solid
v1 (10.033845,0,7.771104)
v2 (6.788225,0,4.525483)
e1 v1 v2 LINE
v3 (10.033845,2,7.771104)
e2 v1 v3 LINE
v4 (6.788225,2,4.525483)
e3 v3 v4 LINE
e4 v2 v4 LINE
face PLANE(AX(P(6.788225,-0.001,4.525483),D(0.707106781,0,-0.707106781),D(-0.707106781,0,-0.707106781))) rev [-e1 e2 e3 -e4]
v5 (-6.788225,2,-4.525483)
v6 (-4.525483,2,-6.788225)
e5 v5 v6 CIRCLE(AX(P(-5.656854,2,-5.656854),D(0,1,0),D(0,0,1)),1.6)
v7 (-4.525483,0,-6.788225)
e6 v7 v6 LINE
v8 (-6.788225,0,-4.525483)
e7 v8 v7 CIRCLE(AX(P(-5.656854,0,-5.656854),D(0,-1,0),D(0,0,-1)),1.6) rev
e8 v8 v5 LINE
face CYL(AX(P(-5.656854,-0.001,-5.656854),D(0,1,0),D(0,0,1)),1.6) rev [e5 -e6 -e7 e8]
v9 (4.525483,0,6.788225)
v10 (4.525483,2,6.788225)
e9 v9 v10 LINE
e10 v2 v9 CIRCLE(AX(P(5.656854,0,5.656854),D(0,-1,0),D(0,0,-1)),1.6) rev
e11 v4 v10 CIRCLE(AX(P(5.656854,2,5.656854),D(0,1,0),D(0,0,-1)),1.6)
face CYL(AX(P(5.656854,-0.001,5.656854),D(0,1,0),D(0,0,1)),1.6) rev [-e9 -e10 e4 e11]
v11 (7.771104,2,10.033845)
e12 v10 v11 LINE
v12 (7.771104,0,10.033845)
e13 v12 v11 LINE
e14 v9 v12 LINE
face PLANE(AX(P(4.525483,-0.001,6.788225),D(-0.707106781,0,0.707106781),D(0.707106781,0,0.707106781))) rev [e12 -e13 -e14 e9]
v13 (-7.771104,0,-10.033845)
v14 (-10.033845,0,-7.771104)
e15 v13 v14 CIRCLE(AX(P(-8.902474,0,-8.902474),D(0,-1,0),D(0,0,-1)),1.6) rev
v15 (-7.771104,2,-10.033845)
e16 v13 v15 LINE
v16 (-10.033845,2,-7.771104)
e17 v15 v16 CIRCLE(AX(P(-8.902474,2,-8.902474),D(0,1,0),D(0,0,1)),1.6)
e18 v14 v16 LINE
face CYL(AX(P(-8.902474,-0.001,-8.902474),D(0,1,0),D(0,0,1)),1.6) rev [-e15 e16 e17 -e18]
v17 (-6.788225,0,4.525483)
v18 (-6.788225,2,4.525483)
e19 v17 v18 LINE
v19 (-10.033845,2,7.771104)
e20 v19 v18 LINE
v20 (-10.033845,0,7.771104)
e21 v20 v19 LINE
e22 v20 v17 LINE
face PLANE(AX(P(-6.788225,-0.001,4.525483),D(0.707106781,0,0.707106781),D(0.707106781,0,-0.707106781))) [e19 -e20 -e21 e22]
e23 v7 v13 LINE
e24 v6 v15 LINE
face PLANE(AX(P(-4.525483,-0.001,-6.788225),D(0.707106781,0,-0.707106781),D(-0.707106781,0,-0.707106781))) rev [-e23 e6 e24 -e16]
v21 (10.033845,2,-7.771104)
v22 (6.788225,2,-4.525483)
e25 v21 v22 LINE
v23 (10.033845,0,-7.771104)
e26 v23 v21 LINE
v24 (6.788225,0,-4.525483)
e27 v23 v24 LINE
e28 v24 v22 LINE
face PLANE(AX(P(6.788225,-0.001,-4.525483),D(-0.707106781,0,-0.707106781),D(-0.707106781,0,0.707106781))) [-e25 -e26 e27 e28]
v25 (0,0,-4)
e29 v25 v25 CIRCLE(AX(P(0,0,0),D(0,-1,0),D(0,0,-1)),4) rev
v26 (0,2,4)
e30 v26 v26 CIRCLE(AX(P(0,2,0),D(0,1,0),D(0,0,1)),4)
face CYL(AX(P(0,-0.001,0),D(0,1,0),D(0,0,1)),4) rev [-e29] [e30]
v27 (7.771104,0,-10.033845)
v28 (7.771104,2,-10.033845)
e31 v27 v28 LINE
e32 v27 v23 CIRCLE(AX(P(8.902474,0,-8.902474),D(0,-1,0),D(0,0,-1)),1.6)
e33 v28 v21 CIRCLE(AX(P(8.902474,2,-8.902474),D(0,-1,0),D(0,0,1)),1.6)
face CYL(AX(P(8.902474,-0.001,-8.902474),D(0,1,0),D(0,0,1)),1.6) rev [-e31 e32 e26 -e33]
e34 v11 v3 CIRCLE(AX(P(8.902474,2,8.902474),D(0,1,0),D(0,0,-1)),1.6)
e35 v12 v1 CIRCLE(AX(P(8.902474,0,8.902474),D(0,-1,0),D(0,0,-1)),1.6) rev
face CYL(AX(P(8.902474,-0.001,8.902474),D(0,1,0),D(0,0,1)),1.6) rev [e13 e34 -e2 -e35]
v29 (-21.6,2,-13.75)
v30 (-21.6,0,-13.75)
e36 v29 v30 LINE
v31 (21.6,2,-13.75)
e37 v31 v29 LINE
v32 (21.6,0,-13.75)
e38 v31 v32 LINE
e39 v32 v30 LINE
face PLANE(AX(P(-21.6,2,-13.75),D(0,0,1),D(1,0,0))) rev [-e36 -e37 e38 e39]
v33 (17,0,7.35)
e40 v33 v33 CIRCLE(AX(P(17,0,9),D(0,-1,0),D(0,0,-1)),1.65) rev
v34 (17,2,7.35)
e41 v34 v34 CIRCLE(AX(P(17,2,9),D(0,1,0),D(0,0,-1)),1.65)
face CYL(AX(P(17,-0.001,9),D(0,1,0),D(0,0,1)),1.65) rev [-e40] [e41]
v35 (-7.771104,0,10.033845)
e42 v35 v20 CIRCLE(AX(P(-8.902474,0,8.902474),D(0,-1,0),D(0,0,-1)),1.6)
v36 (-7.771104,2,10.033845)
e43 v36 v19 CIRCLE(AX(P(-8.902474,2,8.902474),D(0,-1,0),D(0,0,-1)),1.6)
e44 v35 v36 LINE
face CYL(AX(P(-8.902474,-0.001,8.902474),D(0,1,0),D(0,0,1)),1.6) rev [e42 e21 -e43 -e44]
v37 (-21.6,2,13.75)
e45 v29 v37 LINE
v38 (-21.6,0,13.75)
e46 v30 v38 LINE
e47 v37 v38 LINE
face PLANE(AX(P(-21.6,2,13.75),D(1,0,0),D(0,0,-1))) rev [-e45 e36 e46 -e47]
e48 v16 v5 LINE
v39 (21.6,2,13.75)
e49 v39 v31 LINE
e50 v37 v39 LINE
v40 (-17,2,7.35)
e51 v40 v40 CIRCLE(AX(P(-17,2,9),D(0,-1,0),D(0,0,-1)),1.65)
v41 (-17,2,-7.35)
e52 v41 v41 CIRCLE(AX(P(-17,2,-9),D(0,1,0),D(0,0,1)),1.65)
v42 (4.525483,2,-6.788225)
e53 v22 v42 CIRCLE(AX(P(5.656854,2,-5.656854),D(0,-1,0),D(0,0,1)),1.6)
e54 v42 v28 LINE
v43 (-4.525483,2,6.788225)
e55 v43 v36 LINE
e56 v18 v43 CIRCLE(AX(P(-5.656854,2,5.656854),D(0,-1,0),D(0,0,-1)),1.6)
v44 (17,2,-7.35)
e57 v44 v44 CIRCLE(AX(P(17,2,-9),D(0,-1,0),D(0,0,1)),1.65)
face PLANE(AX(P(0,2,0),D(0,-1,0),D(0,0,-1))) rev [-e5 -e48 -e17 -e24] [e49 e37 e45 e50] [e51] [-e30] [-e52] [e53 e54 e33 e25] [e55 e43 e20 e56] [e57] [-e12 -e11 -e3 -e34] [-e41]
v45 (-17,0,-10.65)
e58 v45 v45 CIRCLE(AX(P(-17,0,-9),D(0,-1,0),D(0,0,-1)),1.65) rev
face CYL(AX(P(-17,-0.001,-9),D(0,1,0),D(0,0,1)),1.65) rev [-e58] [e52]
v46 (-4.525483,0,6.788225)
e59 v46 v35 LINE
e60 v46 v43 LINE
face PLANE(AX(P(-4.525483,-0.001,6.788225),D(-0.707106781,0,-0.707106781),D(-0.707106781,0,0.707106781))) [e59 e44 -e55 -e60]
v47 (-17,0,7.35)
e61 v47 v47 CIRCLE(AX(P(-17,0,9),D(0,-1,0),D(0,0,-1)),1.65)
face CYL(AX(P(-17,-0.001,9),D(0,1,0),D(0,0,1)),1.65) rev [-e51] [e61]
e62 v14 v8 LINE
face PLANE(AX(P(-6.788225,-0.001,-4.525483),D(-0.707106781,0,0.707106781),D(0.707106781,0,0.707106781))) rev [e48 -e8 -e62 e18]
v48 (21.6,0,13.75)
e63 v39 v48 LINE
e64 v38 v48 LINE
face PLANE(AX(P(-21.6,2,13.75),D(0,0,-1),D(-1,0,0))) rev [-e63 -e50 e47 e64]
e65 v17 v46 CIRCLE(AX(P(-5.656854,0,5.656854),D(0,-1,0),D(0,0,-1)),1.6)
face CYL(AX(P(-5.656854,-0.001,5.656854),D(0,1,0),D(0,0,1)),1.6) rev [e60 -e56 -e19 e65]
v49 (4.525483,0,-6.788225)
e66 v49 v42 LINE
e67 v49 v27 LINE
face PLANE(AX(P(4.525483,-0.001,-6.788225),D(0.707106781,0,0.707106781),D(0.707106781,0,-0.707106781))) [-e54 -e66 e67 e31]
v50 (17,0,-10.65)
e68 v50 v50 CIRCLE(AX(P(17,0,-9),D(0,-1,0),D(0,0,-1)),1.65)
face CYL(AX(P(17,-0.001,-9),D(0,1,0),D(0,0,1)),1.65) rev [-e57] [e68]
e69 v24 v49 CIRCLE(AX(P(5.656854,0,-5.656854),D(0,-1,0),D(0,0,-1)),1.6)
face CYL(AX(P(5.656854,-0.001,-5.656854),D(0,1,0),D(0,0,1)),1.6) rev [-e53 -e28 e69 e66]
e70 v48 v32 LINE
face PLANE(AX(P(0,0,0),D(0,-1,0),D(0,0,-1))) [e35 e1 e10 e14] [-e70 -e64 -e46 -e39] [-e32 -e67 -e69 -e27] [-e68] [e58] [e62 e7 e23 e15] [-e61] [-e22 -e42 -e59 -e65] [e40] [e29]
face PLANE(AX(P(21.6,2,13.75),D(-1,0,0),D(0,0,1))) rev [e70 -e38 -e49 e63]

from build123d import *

# Parameters (mm, degrees)
SKETCH_1_W               = 43.2
SKETCH_1_H               = 27.5
EXTRUDE_1_DEPTH          = 2
CUT_EXTRUDE_1_REACH      = 27.683
SKETCH_2_R               = 1.65
CUT_EXTRUDE_2_REACH      = 27.683
MIRROR_2_COPY_1_REACH    = 27.683
MIRROR_2_COPY_1_SKETCH_R = 1.65
MIRROR_2_COPY_2_REACH    = 27.683
CUT_EXTRUDE_3_REACH      = 27.683
SKETCH_4_R               = 4


with BuildPart() as part:
    # 草图1 → 凸台-拉伸1 (new body)
    with BuildSketch(Plane(origin=(0, 0, 0), x_dir=(1, 0, 0), z_dir=(0, 1, 0))):
        Rectangle(SKETCH_1_W, SKETCH_1_H)
    extrude(amount=EXTRUDE_1_DEPTH)

    # 草图2 → 切除-拉伸1 (cut, up to next)
    with BuildSketch(Plane(origin=(0, 2, 0), x_dir=(1, 0, 0), z_dir=(0, 1, 0)), mode=Mode.PRIVATE) as cut_extrude_1_sk1:
        with Locations(Location((-17, 9, 0), (0, 0, 270))):
            Circle(SKETCH_2_R)
    cut_extrude_1_tool1 = extrude(cut_extrude_1_sk1.sketch, amount=-CUT_EXTRUDE_1_REACH, mode=Mode.PRIVATE) & part.part
    cut_extrude_1 = cut_extrude_1_tool1.solids().sort_by_distance((-17, 2, -9))[0]
    add(cut_extrude_1, mode=Mode.SUBTRACT)

    # 草图3 → 切除-拉伸2 (cut, up to next)
    with BuildSketch(Plane(origin=(0, 2, 0), x_dir=(1, 0, 0), z_dir=(0, 1, 0)), mode=Mode.PRIVATE) as cut_extrude_2_sk1:
        with BuildLine():
            Line((-6.788225099, 4.5254834), (-10.033845225, 7.771103525))
            ThreePointArc((-10.033845225, 7.771103525), (-10.033845225, 10.033845225), (-7.771103525, 10.033845225))
            Line((-7.771103525, 10.033845225), (-4.5254834, 6.788225099))
            ThreePointArc((-4.5254834, 6.788225099), (-4.5254834, 4.5254834), (-6.788225099, 4.5254834))
        make_face()
    cut_extrude_2_tool1 = extrude(cut_extrude_2_sk1.sketch, amount=-CUT_EXTRUDE_2_REACH, mode=Mode.PRIVATE) & part.part
    cut_extrude_2 = cut_extrude_2_tool1.solids().sort_by_distance((-7.279664, 2, -7.279664))[0]
    add(cut_extrude_2, mode=Mode.SUBTRACT)

    # 镜向1: 切除-拉伸1, 切除-拉伸2 across plane
    add(cut_extrude_1.mirror(Plane.XY), mode=Mode.SUBTRACT)
    add(cut_extrude_2.mirror(Plane.XY), mode=Mode.SUBTRACT)

    # 镜向2: 切除-拉伸1, 切除-拉伸2 across plane
    add(cut_extrude_1.mirror(Plane(origin=(0, 0, 0), x_dir=(0, 0, 1), z_dir=(1, 0, 0))), mode=Mode.SUBTRACT)
    add(cut_extrude_2.mirror(Plane(origin=(0, 0, 0), x_dir=(0, 0, 1), z_dir=(1, 0, 0))), mode=Mode.SUBTRACT)

    # 镜向2 copy 1 sketch → 镜向2 copy 1 (cut, up to next)
    with BuildSketch(Plane(origin=(0, 2, 0), x_dir=(-1, 0, 0), z_dir=(0, 1, 0)), mode=Mode.PRIVATE) as mirror_2_copy_1_sk1:
        with Locations(Location((-17, 9, 0), (0, 0, 270))):
            Circle(MIRROR_2_COPY_1_SKETCH_R)
    mirror_2_copy_1_tool1 = extrude(mirror_2_copy_1_sk1.sketch, amount=-MIRROR_2_COPY_1_REACH, mode=Mode.PRIVATE) & part.part
    add(mirror_2_copy_1_tool1.solids().sort_by_distance((17, 2, 9))[0], mode=Mode.SUBTRACT)

    # 镜向2 copy 2 sketch → 镜向2 copy 2 (cut, up to next)
    with BuildSketch(Plane(origin=(0, 2, 0), x_dir=(-1, 0, 0), z_dir=(0, 1, 0)), mode=Mode.PRIVATE) as mirror_2_copy_2_sk1:
        with BuildLine():
            Line((-6.788225099, 4.5254834), (-10.033845225, 7.771103525))
            ThreePointArc((-10.033845225, 7.771103525), (-10.033845225, 10.033845225), (-7.771103525, 10.033845225))
            Line((-7.771103525, 10.033845225), (-4.5254834, 6.788225099))
            ThreePointArc((-4.5254834, 6.788225099), (-4.5254834, 4.5254834), (-6.788225099, 4.5254834))
        make_face()
    mirror_2_copy_2_tool1 = extrude(mirror_2_copy_2_sk1.sketch, amount=-MIRROR_2_COPY_2_REACH, mode=Mode.PRIVATE) & part.part
    add(mirror_2_copy_2_tool1.solids().sort_by_distance((7.279664, 2, 7.279664))[0], mode=Mode.SUBTRACT)

    # 草图4 → 切除-拉伸3 (cut, up to next)
    with BuildSketch(Plane(origin=(0, 2, 0), x_dir=(1, 0, 0), z_dir=(0, 1, 0)), mode=Mode.PRIVATE) as cut_extrude_3_sk1:
        with Locations(Location((0, 0, 0), (0, 0, 270))):
            Circle(SKETCH_4_R)
    cut_extrude_3_tool1 = extrude(cut_extrude_3_sk1.sketch, amount=-CUT_EXTRUDE_3_REACH, mode=Mode.PRIVATE) & part.part
    add(cut_extrude_3_tool1.solids().sort_by_distance((0, 2, 0))[0], mode=Mode.SUBTRACT)


solid = part.part
